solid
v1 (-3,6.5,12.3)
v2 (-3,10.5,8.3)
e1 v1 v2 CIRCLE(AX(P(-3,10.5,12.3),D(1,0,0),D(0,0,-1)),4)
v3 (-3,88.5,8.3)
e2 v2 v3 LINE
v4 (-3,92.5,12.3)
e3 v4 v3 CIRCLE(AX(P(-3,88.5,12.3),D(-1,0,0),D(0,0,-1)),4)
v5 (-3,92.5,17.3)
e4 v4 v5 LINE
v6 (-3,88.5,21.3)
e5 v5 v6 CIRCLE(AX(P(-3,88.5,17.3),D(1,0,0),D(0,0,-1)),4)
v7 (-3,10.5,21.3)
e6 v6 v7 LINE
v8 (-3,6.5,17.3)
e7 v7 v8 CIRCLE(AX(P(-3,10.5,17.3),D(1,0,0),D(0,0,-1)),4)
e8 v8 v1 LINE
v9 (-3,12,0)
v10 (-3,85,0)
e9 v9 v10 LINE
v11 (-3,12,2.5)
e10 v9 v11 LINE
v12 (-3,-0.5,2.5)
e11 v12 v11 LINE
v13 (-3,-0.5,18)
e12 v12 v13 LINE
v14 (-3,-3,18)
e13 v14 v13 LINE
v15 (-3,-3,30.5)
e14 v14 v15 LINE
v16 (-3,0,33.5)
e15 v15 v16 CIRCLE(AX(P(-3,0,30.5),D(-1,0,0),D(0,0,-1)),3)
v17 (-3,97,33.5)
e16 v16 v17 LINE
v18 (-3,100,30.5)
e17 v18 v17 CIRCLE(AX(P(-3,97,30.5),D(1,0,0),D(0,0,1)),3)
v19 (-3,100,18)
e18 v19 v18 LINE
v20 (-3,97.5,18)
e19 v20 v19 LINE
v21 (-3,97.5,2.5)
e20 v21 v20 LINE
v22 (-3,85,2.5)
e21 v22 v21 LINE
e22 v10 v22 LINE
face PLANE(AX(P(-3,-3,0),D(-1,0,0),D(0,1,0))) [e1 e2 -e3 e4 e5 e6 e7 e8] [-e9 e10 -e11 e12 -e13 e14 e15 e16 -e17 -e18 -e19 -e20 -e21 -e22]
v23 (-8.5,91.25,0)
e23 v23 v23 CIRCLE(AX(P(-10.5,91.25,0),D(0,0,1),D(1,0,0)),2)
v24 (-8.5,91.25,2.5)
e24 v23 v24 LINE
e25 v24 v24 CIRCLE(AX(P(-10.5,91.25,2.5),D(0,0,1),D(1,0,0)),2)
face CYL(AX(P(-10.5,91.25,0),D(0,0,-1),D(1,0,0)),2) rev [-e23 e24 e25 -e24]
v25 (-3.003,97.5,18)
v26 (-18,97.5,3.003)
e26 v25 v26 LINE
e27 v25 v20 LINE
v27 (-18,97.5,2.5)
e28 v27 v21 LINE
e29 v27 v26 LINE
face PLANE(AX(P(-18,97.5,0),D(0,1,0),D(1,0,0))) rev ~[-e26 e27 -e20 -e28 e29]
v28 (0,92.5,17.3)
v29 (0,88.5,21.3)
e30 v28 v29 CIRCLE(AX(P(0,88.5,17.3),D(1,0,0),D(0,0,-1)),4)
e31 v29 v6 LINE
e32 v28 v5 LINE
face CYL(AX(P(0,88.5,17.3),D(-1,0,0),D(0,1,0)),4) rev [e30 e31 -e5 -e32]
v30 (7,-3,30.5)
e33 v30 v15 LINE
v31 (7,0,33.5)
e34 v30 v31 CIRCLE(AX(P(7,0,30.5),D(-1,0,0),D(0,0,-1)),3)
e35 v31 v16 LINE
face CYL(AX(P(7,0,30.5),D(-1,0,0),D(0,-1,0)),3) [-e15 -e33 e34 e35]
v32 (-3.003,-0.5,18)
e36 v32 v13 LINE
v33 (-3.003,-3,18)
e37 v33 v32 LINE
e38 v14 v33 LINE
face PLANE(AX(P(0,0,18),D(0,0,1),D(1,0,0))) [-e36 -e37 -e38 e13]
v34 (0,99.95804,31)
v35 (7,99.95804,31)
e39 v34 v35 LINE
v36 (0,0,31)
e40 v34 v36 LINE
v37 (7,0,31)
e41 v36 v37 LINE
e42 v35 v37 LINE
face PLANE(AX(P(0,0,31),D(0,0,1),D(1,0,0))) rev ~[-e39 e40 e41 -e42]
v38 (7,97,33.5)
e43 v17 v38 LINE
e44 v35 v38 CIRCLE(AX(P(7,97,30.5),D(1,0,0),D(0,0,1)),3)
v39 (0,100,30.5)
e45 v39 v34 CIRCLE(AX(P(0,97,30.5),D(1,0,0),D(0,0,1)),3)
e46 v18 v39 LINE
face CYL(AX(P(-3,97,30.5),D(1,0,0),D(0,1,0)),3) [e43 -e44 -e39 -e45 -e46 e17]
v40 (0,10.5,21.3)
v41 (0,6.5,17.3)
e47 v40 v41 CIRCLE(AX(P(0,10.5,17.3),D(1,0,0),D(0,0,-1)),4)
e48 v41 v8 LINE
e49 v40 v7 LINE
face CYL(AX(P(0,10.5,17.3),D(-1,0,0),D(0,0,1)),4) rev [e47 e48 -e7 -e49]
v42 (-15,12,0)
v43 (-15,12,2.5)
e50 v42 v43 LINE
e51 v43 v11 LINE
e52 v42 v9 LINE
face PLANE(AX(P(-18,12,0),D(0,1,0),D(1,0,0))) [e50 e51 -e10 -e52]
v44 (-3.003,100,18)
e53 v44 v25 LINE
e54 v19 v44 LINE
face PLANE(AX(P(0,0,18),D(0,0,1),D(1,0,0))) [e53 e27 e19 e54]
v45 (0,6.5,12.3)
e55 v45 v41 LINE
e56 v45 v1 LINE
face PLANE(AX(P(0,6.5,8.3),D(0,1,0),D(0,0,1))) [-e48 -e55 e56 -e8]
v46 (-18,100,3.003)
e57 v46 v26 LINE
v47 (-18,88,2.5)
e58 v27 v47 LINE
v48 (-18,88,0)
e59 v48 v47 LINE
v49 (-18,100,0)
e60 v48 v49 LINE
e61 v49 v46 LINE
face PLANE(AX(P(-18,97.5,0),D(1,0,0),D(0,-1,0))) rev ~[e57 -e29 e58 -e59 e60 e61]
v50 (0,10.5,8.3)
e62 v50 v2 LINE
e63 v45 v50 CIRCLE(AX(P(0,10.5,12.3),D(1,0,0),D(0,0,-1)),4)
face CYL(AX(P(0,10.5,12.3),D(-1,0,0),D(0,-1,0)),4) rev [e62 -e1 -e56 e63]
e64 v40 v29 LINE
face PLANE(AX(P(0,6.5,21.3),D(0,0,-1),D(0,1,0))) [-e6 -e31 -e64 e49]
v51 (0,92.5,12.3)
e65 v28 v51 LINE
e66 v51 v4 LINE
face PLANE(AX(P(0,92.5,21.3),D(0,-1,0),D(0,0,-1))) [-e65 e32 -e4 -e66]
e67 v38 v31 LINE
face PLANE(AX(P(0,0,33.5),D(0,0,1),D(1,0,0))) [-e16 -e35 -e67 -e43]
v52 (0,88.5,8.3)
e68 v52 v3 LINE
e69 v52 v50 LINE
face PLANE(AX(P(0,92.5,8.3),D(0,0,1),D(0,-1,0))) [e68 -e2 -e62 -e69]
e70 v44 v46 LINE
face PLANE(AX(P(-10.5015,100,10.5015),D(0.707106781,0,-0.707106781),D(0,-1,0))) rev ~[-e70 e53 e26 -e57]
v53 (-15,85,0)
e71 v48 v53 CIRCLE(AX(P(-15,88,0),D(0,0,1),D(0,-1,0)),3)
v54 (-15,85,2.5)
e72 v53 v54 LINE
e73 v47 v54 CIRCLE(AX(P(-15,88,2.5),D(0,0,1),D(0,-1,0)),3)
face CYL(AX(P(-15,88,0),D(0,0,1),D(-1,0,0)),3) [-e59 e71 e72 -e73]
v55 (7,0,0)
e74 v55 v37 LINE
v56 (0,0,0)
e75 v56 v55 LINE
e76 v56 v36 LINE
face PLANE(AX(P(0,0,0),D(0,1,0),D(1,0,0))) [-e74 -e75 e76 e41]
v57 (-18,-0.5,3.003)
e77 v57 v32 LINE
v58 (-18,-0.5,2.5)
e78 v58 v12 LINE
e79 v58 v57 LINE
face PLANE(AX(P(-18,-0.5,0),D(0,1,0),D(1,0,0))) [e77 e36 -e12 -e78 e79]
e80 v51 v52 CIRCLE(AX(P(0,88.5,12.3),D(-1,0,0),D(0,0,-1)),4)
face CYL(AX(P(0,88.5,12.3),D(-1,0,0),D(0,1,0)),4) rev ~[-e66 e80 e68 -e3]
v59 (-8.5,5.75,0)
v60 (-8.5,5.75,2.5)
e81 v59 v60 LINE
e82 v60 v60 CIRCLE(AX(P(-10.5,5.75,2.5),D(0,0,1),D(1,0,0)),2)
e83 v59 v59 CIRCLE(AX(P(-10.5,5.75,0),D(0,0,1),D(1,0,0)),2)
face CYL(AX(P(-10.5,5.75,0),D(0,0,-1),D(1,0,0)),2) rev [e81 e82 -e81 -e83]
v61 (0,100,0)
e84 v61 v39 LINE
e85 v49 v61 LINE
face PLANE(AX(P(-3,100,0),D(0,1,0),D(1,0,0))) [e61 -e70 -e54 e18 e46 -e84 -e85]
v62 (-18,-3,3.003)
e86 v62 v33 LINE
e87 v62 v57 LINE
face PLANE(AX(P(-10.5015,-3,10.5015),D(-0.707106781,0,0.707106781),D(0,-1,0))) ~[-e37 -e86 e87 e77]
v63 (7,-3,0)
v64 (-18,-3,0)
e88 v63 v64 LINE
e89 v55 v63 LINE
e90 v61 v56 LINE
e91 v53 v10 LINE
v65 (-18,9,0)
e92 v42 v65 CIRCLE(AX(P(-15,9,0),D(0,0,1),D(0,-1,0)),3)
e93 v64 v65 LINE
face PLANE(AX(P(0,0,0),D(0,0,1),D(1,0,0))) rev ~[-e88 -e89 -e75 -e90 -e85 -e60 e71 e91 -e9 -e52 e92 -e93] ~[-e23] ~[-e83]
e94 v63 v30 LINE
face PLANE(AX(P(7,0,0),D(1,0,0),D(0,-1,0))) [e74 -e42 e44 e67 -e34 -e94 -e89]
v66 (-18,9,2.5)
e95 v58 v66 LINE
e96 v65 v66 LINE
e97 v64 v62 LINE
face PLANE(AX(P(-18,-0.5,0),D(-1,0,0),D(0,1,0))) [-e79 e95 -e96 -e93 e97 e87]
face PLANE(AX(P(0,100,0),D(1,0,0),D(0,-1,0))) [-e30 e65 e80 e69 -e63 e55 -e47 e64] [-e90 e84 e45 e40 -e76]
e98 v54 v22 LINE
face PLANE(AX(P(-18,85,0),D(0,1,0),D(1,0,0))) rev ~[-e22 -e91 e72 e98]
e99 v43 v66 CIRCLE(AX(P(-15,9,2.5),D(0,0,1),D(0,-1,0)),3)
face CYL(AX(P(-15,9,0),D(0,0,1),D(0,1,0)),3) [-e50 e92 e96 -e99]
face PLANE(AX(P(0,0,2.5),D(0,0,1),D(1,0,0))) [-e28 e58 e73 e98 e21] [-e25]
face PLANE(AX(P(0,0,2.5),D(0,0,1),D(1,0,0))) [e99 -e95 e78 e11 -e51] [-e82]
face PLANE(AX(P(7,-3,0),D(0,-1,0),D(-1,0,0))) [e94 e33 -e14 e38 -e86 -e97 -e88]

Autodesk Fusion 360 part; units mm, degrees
sketch "Switch" plane through (0, 0, 0) normal (0, 0, 1) x (1, 0, 0)
  line L0 (0, 0) -> (148, 0)
  line L1 (148, 0) -> (148, 100)
  line L2 (148, 100) -> (0, 100)
  line L3 (0, 100) -> (0, 0)
  line L4 (-3, 100) -> (7, 100)
  line L5 (7, 100) -> (7, -3)
  line L6 (7, -3) -> (-3, -3)
  line L7 (-3, -3) -> (-3, 100)
  line L8 (-3, 100) -> (-18, 100)
  line L9 (-18, 100) -> (-18, 85)
  line L10 (-18, 85) -> (-3, 85)
  line L11 (-3, 85) -> (-3, 100)
  line L12 (-3, -3) -> (-18, -3)
  line L13 (-18, -3) -> (-18, 12)
  line L14 (-18, 12) -> (-3, 12)
  line L15 (-3, 12) -> (-3, -3)
  circle A0 centre (-10.5, 5.75) radius 2
  circle A1 centre (-10.5, 91.25) radius 2
  line L16 (-3, -3) -> (-18, -3)
  line L17 (-18, -3) -> (-18, -0.5)
  line L18 (-18, -0.5) -> (-3, -0.5)
  line L19 (-3, -0.5) -> (-3, -3)
  line L20 (-3, 100) -> (-18, 100)
  line L21 (-18, 100) -> (-18, 97.5)
  line L22 (-18, 97.5) -> (-3, 97.5)
  line L23 (-3, 97.5) -> (-3, 100)
  dimension "d1" = 100
  dimension "d2" = 148
  dimension "d3" = 7
  dimension "d4" = 3
  dimension "d6" = 3
  dimension "d7" = 15
  dimension "d8" = 15
  dimension "d10" = 15
  dimension "d12" = 4
  dimension "d13" = 4
  dimension "d21" = 7.5
  dimension "d31" = 6.25
  dimension "d32" = 15
  dimension "d33" = 2.5
  dimension "d34" = 7.5
  dimension "d35" = 2.5
  dimension "d36" = 6.25
extrude "Extrude1" add sketch "Switch" along normal blind 33.5 contours L0 L3 L4 L5 L6 L7 L11 L15 L19 L23
extrude "Extrude2" add sketch "Switch" along normal blind 2.5 from surface at 31 contours L0 L2 L3 L4 L5
extrude "Extrude3" add sketch "Switch" along normal blind 2.5 contours L7 L9 L10 L11 L22 | L7 L13 L14 L15 L18
extrude "Extrude5" add sketch "Switch" along normal blind 18 contours L7 L8 L9 L11 L20 L21 L22 L23 | L7 L12 L13 L15 L16 L17 L18 L19
sketch "Venting hole" plane through (0, 0, 0) normal (1, 0, 0) x (0, 1, 0)
  line L0 (92.5, 8.3) -> (6.5, 8.3)
  line L1 (6.5, 8.3) -> (6.5, 21.3)
  line L2 (6.5, 21.3) -> (92.5, 21.3)
  line L3 (92.5, 21.3) -> (92.5, 8.3)
  line L4 (0, 0) -> (0, 31)
  line L5 (100, 0) -> (100, 18)
  point P0 (100, 0)
  dimension "d40" = 8.3
  dimension "d41" = 6.5
  dimension "d42" = 7.5
  dimension "d43" = 13
extrude "Extrude6" cut sketch "Venting hole" against normal blind 10
fillet "Fillet1" radius 4 4 edges at (-1.5, 6.5, 21.3) (-1.5, 6.5, 8.3) (-1.5, 92.5, 8.3) (-1.5, 92.5, 21.3)
fillet "Fillet2" radius 3 2 edges at (2, -3, 33.5) (2, 100, 33.5)
chamfer "Chamfer1" distance 15 angle 45 2 edges at (-18, 98.75, 18) (-18, -1.75, 18)
fillet "Fillet3" radius 3 2 edges at (-18, 12, 1.25) (-18, 85, 1.25)
